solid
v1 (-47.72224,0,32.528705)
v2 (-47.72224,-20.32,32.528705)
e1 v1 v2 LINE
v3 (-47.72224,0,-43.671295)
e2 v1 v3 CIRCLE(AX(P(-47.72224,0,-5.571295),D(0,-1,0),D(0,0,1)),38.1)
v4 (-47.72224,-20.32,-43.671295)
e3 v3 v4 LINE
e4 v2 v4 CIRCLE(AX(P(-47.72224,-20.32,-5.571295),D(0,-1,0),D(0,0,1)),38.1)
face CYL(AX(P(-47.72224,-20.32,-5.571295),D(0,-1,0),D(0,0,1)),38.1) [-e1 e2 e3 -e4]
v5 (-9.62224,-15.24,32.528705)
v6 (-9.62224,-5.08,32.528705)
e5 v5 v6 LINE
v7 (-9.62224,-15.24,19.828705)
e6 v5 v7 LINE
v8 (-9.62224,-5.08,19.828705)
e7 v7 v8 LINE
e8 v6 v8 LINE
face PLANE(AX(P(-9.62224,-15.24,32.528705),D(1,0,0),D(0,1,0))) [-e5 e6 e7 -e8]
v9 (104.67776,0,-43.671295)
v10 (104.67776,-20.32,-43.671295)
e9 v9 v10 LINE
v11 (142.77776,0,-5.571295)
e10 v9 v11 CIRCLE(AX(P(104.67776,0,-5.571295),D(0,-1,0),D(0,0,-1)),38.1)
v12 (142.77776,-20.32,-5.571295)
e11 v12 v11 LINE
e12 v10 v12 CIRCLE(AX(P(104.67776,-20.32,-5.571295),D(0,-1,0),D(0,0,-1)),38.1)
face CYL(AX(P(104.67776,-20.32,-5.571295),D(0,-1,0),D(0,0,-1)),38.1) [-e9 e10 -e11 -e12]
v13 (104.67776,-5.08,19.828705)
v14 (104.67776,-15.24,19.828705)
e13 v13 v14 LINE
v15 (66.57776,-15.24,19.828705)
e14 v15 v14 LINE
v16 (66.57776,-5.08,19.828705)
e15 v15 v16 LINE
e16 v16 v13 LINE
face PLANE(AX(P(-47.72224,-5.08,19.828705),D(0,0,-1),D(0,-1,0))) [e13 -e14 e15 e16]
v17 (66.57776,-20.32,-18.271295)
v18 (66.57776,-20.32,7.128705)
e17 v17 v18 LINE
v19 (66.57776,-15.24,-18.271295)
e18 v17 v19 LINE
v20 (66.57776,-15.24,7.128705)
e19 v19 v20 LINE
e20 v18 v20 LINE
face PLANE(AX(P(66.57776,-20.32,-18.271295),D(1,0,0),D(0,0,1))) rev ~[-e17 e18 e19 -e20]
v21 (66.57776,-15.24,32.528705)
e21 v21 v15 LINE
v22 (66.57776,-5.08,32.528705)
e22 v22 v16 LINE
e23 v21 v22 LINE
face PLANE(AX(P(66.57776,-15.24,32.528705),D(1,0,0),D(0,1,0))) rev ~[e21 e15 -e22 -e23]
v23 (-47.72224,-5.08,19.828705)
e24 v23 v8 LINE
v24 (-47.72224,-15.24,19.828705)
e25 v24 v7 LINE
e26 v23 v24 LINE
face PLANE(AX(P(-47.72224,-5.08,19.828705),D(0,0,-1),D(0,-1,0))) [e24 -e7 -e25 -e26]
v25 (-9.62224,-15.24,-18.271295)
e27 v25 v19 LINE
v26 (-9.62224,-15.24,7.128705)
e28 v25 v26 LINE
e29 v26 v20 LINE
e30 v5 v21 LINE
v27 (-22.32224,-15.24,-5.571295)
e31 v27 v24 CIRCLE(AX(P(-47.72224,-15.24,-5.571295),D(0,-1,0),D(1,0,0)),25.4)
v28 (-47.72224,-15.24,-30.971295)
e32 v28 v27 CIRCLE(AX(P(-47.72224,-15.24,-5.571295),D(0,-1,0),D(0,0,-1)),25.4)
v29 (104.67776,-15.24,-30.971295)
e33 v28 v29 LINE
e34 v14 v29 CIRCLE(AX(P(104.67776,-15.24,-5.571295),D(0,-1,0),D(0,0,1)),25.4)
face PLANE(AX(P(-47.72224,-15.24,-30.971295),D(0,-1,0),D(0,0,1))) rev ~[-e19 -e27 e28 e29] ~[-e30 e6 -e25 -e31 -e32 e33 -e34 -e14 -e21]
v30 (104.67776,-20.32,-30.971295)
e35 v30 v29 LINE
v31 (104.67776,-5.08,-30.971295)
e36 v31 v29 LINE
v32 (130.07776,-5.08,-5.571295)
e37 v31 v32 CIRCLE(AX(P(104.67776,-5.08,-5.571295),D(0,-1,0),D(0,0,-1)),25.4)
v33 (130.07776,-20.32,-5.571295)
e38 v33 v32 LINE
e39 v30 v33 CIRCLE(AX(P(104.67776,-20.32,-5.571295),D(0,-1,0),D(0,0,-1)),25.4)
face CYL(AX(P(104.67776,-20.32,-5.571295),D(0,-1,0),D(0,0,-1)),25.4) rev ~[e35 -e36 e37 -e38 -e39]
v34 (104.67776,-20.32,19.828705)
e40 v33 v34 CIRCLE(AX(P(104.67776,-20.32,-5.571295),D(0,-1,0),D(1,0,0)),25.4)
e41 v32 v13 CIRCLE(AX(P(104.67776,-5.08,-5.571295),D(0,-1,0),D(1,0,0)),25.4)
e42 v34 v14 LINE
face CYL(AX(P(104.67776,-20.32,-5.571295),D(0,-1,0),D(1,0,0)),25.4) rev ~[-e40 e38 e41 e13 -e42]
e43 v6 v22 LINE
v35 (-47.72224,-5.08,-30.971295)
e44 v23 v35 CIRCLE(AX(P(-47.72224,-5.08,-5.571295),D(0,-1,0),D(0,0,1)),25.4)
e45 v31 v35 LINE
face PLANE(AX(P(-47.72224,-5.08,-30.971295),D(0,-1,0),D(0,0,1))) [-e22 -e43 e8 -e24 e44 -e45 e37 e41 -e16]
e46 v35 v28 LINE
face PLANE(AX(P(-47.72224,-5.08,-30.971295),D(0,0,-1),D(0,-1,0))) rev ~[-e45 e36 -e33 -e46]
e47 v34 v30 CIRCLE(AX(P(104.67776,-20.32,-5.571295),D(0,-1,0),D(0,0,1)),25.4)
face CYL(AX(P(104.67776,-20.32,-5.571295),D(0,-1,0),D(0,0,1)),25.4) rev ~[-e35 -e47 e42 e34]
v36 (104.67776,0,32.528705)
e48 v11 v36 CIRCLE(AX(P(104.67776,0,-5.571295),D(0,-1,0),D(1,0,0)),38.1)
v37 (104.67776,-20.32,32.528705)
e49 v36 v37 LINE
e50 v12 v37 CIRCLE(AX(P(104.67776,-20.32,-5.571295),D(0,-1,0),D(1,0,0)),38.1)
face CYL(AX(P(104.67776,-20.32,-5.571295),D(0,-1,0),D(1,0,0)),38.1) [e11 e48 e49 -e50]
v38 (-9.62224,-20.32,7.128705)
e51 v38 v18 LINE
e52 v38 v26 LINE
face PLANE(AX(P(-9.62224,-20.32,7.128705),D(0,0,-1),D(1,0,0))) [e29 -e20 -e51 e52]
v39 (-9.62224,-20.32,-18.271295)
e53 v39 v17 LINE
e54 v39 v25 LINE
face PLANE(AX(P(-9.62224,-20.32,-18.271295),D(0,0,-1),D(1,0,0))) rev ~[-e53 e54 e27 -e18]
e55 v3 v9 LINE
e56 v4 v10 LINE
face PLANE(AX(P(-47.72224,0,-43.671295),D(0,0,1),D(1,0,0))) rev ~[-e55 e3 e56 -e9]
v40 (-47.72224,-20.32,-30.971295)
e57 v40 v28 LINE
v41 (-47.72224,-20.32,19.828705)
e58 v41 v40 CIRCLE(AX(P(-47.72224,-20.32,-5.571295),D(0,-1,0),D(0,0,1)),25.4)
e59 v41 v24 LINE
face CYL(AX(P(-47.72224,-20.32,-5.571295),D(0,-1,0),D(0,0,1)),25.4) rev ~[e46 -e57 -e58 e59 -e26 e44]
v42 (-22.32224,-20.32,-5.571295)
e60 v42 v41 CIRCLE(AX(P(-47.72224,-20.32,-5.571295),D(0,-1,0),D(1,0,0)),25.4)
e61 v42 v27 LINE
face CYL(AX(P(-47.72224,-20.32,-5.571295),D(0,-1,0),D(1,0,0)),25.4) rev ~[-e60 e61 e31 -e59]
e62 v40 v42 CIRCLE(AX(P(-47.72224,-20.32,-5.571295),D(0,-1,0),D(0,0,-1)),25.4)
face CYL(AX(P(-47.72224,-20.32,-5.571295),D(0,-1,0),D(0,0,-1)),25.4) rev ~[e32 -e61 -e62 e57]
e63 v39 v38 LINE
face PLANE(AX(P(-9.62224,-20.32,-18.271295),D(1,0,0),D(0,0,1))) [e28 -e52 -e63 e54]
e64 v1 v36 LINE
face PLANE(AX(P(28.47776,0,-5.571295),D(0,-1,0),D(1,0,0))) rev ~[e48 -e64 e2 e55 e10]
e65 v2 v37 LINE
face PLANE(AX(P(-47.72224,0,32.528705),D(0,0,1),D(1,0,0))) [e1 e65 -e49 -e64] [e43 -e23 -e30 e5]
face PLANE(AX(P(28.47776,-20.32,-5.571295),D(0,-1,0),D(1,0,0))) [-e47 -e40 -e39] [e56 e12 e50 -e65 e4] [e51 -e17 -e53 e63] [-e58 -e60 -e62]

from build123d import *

# Parameters (mm, degrees)
F0_W      = 152.4
F0_H      = 76.2
F1_DEPTH  = 20.32
F2_W      = 76.2
F2_H      = 10.16
F3_DEPTH  = 63.5
F5_W      = 10.16
F5_H      = 50.8
F6_DEPTH  = 152.4
F7_DEPTH  = 20.32
F9_DEPTH  = 15.24
F10_W     = 76.2
F10_H     = 25.4
F11_DEPTH = 5.08


with BuildPart() as f1:
    # F0 (on Front) → F1 (new body)
    with BuildSketch(Plane.XZ):
        with Locations((28.4777595112, -5.5712945759)):
            Rectangle(F0_W, F0_H)
    extrude(amount=F1_DEPTH)

    # F2 (on face) → F3 (cut)
    with BuildSketch(Plane.XY.offset(32.5287054241)):
        with Locations((28.4777595112, -10.16)):
            Rectangle(F2_W, F2_H)
    extrude(amount=-F3_DEPTH, mode=Mode.SUBTRACT)

    # F5 (on face) → F6 (cut)
    with BuildSketch(Plane(origin=(-47.7222404888, 0, 0), x_dir=(0, -1, 0), z_dir=(-1, 0, 0))):
        with Locations((10.16, -5.5712945759)):
            Rectangle(F5_W, F5_H)
    extrude(amount=-F6_DEPTH, mode=Mode.SUBTRACT)

    # F4 (on face) → F7 (join)
    with BuildSketch(Plane.XZ.offset(20.32)):
        with BuildLine():
            Line((-47.7222404888, -43.6712945759), (-47.7222404888, 32.5287054241))
            ThreePointArc((-47.7222404888, 32.5287054241), (-85.8222404888, -5.5712945759), (-47.7222404888, -43.6712945759))
        make_face()
        with BuildLine():
            ThreePointArc((142.7777595112, -5.5712945759), (131.6185278744, 21.3694737873), (104.6777595112, 32.5287054241))
            Line((104.6777595112, 32.5287054241), (104.6777595112, -43.6712945759))
            ThreePointArc((104.6777595112, -43.6712945759), (131.6185278744, -32.5120629391), (142.7777595112, -5.5712945759))
        make_face()
    extrude(amount=-F7_DEPTH)

    # F8 (on face) → F9 (cut)
    with BuildSketch(Plane.XZ.offset(20.32)):
        with BuildLine():
            Line((-47.7222404888, -30.9712945759), (-47.7222404888, 19.8287054241))
            ThreePointArc((-47.7222404888, 19.8287054241), (-73.1222404888, -5.5712945759), (-47.7222404888, -30.9712945759))
        make_face()
        with BuildLine():
            ThreePointArc((-22.3222404888, -5.5712945759), (-29.7617282466, 12.3892176662), (-47.7222404888, 19.8287054241))
            Line((-47.7222404888, 19.8287054241), (-47.7222404888, -30.9712945759))
            ThreePointArc((-47.7222404888, -30.9712945759), (-29.7617282466, -23.5318068181), (-22.3222404888, -5.5712945759))
        make_face()
        with BuildLine():
            Line((104.6777595112, -30.9712945759), (104.6777595112, 19.8287054241))
            ThreePointArc((104.6777595112, 19.8287054241), (79.2777595112, -5.5712945759), (104.6777595112, -30.9712945759))
        make_face()
        with BuildLine():
            ThreePointArc((130.0777595112, -5.5712945759), (122.6382717534, 12.3892176662), (104.6777595112, 19.8287054241))
            Line((104.6777595112, 19.8287054241), (104.6777595112, -30.9712945759))
            ThreePointArc((104.6777595112, -30.9712945759), (122.6382717534, -23.5318068181), (130.0777595112, -5.5712945759))
        make_face()
    extrude(amount=-F9_DEPTH, mode=Mode.SUBTRACT)

    # F10 (on face) → F11 (cut)
    with BuildSketch(Plane.XZ.offset(20.32)):
        with Locations((28.4777595112, -5.5712945759)):
            Rectangle(F10_W, F10_H)
    extrude(amount=-F11_DEPTH, mode=Mode.SUBTRACT)


solid = f1.part
